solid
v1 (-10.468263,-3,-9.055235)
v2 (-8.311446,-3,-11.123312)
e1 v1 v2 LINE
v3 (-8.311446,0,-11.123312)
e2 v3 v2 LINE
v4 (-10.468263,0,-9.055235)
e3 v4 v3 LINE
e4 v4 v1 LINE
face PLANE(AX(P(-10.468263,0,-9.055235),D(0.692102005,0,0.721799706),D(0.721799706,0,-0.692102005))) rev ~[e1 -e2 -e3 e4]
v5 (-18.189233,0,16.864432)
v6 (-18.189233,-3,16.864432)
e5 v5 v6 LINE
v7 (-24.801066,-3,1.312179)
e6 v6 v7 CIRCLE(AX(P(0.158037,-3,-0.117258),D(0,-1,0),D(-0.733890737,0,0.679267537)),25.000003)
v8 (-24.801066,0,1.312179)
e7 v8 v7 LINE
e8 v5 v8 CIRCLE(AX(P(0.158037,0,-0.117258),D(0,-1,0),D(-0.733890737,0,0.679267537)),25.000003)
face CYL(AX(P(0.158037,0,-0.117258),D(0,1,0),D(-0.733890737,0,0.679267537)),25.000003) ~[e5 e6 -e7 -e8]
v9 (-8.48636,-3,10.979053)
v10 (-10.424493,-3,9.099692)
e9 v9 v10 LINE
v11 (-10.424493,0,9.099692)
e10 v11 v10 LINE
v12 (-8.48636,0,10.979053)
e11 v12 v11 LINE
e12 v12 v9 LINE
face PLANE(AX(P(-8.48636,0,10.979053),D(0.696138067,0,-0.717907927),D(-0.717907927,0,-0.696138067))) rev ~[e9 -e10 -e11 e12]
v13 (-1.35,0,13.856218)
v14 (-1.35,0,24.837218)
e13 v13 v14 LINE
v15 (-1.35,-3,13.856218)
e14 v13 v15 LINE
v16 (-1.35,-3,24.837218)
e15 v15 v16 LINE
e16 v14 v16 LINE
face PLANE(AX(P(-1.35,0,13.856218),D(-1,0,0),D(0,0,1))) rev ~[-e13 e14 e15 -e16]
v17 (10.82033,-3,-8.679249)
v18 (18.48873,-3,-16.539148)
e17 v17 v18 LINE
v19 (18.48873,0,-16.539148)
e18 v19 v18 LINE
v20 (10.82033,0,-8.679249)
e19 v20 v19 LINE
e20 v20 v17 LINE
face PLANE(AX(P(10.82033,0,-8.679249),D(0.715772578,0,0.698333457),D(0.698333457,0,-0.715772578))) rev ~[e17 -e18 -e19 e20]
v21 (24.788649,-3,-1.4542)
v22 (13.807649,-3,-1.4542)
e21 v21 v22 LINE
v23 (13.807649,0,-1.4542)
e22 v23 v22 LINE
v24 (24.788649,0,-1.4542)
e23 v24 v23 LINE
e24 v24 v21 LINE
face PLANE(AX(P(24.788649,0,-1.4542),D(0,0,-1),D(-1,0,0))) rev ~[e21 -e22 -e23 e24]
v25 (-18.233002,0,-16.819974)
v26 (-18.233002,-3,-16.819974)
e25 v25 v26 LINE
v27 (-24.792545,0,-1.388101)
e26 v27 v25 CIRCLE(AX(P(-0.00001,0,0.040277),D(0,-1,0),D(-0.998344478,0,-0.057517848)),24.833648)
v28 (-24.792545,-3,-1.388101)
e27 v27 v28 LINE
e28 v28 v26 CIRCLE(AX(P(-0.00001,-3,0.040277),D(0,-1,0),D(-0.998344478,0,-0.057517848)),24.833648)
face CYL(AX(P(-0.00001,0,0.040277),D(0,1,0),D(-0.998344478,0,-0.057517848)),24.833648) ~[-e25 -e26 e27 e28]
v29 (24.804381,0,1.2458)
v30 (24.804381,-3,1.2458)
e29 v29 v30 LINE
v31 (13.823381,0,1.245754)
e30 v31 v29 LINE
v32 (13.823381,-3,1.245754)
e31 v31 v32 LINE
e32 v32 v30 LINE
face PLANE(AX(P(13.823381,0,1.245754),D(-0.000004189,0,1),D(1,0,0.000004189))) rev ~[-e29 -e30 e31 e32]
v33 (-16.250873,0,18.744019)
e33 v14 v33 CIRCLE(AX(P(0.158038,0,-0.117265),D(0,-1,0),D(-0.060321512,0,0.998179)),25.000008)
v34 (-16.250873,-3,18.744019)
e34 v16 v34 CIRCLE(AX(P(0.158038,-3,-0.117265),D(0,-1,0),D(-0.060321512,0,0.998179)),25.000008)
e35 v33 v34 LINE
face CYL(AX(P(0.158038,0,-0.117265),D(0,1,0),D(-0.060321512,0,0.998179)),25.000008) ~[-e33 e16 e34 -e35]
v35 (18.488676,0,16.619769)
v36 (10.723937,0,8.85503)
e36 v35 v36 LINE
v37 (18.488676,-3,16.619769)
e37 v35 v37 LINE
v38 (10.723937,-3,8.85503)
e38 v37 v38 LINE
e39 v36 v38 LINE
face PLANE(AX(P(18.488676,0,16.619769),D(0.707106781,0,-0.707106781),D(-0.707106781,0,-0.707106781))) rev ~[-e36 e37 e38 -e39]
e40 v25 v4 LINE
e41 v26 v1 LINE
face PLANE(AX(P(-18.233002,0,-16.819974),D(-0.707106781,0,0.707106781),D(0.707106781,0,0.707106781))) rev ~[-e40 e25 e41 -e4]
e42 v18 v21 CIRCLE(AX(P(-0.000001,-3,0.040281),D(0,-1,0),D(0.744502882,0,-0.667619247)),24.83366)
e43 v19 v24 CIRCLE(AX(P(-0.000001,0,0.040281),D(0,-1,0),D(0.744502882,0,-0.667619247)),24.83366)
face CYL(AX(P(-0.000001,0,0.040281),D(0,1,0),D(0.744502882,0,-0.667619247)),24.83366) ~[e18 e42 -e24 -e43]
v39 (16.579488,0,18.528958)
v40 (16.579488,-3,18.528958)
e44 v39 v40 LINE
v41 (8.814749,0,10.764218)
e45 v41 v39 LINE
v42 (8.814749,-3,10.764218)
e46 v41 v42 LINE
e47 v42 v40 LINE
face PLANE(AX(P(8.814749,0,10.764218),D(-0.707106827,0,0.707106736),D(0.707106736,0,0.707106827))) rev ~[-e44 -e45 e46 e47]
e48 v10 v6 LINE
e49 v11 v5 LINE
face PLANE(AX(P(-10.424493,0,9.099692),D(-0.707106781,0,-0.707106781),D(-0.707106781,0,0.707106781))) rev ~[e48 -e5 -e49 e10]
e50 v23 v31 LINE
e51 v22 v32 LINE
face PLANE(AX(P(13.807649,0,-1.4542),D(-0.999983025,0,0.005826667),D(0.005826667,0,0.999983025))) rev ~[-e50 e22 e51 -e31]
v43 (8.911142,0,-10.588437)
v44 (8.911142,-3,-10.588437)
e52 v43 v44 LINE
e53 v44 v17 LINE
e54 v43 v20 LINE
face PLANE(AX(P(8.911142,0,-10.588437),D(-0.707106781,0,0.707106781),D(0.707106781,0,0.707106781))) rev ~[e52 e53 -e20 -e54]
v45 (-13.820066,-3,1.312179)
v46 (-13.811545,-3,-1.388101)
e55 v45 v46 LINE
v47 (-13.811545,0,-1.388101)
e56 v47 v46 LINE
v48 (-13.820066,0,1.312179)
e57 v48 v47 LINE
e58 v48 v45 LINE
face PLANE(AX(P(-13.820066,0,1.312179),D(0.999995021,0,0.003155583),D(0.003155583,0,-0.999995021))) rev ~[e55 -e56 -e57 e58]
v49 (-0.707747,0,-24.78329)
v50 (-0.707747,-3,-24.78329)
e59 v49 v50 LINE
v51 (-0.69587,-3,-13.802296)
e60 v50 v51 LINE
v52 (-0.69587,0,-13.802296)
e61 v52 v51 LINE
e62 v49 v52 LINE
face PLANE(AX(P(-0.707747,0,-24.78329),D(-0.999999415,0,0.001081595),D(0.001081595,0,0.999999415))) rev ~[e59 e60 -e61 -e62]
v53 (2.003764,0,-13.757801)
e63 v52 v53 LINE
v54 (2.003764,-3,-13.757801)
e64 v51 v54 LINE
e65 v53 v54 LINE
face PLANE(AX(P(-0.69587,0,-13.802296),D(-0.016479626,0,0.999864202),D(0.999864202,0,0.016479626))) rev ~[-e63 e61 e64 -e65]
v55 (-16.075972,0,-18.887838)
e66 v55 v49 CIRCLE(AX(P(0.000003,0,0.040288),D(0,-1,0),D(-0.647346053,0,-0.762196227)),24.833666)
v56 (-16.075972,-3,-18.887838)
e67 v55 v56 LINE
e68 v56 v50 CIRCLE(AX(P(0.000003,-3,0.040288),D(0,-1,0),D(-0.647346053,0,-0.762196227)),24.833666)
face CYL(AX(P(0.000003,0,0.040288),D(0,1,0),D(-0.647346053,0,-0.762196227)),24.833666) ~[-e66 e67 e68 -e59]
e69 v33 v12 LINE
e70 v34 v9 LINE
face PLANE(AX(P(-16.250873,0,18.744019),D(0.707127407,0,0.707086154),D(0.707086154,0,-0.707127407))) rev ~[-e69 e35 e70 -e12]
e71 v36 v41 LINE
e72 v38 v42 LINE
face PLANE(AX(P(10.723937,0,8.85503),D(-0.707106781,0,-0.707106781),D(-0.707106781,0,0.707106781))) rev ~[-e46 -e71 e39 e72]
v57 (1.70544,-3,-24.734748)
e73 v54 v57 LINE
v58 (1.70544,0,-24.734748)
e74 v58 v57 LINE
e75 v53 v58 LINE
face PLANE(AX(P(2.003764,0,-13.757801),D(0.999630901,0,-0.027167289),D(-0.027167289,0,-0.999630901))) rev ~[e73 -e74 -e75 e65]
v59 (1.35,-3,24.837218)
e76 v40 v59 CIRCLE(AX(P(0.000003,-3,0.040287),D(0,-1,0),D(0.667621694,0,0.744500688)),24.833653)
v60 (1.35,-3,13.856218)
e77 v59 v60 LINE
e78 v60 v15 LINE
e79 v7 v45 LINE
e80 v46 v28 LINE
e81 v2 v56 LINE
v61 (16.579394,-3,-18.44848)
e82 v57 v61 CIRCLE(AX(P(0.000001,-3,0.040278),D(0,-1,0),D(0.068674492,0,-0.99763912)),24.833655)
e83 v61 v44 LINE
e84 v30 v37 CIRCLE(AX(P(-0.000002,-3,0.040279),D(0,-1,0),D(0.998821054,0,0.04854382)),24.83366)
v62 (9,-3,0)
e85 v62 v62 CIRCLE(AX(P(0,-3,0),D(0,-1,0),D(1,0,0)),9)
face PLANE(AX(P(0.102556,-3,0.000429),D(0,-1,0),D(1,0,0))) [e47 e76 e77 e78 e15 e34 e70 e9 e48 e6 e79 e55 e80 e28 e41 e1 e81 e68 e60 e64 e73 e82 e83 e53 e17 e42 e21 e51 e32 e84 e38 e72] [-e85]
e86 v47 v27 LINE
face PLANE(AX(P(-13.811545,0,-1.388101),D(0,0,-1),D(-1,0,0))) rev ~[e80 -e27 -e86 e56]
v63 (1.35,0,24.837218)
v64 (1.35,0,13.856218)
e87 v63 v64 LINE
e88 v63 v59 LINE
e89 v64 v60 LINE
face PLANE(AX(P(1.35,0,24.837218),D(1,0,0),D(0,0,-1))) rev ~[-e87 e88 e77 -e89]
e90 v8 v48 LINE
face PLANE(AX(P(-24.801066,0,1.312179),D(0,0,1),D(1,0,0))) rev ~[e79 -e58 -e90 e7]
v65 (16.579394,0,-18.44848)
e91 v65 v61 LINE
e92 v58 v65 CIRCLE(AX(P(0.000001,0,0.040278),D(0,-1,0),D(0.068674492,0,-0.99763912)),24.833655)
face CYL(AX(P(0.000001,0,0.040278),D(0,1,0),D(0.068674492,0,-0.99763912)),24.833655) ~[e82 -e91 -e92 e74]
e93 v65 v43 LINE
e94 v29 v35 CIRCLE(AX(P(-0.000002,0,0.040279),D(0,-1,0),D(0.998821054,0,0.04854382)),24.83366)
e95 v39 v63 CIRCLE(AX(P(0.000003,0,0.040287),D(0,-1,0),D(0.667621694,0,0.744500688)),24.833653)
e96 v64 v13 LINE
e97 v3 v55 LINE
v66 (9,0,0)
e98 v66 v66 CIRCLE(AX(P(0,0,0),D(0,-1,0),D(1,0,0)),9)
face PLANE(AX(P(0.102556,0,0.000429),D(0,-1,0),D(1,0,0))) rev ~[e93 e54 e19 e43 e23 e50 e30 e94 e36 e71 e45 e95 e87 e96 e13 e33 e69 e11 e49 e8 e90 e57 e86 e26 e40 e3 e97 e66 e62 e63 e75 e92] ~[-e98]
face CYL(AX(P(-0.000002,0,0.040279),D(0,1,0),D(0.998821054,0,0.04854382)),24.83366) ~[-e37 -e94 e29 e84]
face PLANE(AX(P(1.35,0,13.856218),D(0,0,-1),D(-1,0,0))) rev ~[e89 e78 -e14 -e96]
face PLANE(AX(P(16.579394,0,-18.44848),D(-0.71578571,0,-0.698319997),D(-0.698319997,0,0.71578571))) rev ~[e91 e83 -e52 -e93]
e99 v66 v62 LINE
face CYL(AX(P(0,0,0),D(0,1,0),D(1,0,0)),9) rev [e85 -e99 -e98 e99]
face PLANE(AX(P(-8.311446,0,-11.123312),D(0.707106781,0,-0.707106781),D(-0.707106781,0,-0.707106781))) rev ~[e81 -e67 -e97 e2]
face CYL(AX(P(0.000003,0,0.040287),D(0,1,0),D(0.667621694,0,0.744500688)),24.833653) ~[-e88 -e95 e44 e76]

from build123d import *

# Parameters (mm, degrees)
F0_R     = 9
F1_DEPTH = 3


with BuildPart() as f1:
    # F0 (on Front) → F1 (new body)
    with BuildSketch(Plane.XZ):
        with BuildLine():
            Line((1.35, 24.837218), (1.35, 13.856218))
            Line((1.35, 13.856218), (-1.35, 13.856218))
            Line((-1.35, 13.856218), (-1.35, 24.837218))
            ThreePointArc((-1.35, 24.837218), (-9.30431, 23.022838), (-16.250873, 18.744019))
            Line((-16.250873, 18.744019), (-8.48636, 10.979053))
            Line((-8.48636, 10.979053), (-10.424493, 9.099692))
            Line((-10.424493, 9.099692), (-18.189233, 16.864432))
            ThreePointArc((-18.189233, 16.864432), (-22.849106, 9.663922), (-24.801066, 1.312179))
            Line((-24.801066, 1.312179), (-13.820066, 1.312179))
            Line((-13.820066, 1.312179), (-13.811545, -1.388101))
            Line((-13.811545, -1.388101), (-24.792545, -1.388101))
            ThreePointArc((-24.792545, -1.388101), (-22.854652, -9.674423), (-18.233002, -16.819974))
            Line((-18.233002, -16.819974), (-10.468263, -9.055235))
            Line((-10.468263, -9.055235), (-8.311446, -11.123312))
            Line((-8.311446, -11.123312), (-16.075972, -18.887838))
            ThreePointArc((-16.075972, -18.887838), (-8.894515, -23.145882), (-0.707747, -24.78329))
            Line((-0.707747, -24.78329), (-0.69587, -13.802296))
            Line((-0.69587, -13.802296), (2.003764, -13.757801))
            Line((2.003764, -13.757801), (1.70544, -24.734748))
            ThreePointArc((1.70544, -24.734748), (9.667631, -22.834323), (16.579394, -18.44848))
            Line((16.579394, -18.44848), (8.911142, -10.588437))
            Line((8.911142, -10.588437), (10.82033, -8.679249))
            Line((10.82033, -8.679249), (18.48873, -16.539148))
            ThreePointArc((18.48873, -16.539148), (22.915536, -9.529923), (24.788649, -1.4542))
            Line((24.788649, -1.4542), (13.807649, -1.4542))
            Line((13.807649, -1.4542), (13.823381, 1.245754))
            Line((13.823381, 1.245754), (24.804381, 1.2458))
            ThreePointArc((24.804381, 1.2458), (22.970893, 9.47684), (18.488676, 16.619769))
            Line((18.488676, 16.619769), (10.723937, 8.85503))
            Line((10.723937, 8.85503), (8.814749, 10.764218))
            Line((8.814749, 10.764218), (16.579488, 18.528958))
            ThreePointArc((16.579488, 18.528958), (9.50343, 22.98359), (1.35, 24.837218))
        make_face()
        Circle(F0_R, mode=Mode.SUBTRACT)
    extrude(amount=F1_DEPTH)


solid = f1.part
